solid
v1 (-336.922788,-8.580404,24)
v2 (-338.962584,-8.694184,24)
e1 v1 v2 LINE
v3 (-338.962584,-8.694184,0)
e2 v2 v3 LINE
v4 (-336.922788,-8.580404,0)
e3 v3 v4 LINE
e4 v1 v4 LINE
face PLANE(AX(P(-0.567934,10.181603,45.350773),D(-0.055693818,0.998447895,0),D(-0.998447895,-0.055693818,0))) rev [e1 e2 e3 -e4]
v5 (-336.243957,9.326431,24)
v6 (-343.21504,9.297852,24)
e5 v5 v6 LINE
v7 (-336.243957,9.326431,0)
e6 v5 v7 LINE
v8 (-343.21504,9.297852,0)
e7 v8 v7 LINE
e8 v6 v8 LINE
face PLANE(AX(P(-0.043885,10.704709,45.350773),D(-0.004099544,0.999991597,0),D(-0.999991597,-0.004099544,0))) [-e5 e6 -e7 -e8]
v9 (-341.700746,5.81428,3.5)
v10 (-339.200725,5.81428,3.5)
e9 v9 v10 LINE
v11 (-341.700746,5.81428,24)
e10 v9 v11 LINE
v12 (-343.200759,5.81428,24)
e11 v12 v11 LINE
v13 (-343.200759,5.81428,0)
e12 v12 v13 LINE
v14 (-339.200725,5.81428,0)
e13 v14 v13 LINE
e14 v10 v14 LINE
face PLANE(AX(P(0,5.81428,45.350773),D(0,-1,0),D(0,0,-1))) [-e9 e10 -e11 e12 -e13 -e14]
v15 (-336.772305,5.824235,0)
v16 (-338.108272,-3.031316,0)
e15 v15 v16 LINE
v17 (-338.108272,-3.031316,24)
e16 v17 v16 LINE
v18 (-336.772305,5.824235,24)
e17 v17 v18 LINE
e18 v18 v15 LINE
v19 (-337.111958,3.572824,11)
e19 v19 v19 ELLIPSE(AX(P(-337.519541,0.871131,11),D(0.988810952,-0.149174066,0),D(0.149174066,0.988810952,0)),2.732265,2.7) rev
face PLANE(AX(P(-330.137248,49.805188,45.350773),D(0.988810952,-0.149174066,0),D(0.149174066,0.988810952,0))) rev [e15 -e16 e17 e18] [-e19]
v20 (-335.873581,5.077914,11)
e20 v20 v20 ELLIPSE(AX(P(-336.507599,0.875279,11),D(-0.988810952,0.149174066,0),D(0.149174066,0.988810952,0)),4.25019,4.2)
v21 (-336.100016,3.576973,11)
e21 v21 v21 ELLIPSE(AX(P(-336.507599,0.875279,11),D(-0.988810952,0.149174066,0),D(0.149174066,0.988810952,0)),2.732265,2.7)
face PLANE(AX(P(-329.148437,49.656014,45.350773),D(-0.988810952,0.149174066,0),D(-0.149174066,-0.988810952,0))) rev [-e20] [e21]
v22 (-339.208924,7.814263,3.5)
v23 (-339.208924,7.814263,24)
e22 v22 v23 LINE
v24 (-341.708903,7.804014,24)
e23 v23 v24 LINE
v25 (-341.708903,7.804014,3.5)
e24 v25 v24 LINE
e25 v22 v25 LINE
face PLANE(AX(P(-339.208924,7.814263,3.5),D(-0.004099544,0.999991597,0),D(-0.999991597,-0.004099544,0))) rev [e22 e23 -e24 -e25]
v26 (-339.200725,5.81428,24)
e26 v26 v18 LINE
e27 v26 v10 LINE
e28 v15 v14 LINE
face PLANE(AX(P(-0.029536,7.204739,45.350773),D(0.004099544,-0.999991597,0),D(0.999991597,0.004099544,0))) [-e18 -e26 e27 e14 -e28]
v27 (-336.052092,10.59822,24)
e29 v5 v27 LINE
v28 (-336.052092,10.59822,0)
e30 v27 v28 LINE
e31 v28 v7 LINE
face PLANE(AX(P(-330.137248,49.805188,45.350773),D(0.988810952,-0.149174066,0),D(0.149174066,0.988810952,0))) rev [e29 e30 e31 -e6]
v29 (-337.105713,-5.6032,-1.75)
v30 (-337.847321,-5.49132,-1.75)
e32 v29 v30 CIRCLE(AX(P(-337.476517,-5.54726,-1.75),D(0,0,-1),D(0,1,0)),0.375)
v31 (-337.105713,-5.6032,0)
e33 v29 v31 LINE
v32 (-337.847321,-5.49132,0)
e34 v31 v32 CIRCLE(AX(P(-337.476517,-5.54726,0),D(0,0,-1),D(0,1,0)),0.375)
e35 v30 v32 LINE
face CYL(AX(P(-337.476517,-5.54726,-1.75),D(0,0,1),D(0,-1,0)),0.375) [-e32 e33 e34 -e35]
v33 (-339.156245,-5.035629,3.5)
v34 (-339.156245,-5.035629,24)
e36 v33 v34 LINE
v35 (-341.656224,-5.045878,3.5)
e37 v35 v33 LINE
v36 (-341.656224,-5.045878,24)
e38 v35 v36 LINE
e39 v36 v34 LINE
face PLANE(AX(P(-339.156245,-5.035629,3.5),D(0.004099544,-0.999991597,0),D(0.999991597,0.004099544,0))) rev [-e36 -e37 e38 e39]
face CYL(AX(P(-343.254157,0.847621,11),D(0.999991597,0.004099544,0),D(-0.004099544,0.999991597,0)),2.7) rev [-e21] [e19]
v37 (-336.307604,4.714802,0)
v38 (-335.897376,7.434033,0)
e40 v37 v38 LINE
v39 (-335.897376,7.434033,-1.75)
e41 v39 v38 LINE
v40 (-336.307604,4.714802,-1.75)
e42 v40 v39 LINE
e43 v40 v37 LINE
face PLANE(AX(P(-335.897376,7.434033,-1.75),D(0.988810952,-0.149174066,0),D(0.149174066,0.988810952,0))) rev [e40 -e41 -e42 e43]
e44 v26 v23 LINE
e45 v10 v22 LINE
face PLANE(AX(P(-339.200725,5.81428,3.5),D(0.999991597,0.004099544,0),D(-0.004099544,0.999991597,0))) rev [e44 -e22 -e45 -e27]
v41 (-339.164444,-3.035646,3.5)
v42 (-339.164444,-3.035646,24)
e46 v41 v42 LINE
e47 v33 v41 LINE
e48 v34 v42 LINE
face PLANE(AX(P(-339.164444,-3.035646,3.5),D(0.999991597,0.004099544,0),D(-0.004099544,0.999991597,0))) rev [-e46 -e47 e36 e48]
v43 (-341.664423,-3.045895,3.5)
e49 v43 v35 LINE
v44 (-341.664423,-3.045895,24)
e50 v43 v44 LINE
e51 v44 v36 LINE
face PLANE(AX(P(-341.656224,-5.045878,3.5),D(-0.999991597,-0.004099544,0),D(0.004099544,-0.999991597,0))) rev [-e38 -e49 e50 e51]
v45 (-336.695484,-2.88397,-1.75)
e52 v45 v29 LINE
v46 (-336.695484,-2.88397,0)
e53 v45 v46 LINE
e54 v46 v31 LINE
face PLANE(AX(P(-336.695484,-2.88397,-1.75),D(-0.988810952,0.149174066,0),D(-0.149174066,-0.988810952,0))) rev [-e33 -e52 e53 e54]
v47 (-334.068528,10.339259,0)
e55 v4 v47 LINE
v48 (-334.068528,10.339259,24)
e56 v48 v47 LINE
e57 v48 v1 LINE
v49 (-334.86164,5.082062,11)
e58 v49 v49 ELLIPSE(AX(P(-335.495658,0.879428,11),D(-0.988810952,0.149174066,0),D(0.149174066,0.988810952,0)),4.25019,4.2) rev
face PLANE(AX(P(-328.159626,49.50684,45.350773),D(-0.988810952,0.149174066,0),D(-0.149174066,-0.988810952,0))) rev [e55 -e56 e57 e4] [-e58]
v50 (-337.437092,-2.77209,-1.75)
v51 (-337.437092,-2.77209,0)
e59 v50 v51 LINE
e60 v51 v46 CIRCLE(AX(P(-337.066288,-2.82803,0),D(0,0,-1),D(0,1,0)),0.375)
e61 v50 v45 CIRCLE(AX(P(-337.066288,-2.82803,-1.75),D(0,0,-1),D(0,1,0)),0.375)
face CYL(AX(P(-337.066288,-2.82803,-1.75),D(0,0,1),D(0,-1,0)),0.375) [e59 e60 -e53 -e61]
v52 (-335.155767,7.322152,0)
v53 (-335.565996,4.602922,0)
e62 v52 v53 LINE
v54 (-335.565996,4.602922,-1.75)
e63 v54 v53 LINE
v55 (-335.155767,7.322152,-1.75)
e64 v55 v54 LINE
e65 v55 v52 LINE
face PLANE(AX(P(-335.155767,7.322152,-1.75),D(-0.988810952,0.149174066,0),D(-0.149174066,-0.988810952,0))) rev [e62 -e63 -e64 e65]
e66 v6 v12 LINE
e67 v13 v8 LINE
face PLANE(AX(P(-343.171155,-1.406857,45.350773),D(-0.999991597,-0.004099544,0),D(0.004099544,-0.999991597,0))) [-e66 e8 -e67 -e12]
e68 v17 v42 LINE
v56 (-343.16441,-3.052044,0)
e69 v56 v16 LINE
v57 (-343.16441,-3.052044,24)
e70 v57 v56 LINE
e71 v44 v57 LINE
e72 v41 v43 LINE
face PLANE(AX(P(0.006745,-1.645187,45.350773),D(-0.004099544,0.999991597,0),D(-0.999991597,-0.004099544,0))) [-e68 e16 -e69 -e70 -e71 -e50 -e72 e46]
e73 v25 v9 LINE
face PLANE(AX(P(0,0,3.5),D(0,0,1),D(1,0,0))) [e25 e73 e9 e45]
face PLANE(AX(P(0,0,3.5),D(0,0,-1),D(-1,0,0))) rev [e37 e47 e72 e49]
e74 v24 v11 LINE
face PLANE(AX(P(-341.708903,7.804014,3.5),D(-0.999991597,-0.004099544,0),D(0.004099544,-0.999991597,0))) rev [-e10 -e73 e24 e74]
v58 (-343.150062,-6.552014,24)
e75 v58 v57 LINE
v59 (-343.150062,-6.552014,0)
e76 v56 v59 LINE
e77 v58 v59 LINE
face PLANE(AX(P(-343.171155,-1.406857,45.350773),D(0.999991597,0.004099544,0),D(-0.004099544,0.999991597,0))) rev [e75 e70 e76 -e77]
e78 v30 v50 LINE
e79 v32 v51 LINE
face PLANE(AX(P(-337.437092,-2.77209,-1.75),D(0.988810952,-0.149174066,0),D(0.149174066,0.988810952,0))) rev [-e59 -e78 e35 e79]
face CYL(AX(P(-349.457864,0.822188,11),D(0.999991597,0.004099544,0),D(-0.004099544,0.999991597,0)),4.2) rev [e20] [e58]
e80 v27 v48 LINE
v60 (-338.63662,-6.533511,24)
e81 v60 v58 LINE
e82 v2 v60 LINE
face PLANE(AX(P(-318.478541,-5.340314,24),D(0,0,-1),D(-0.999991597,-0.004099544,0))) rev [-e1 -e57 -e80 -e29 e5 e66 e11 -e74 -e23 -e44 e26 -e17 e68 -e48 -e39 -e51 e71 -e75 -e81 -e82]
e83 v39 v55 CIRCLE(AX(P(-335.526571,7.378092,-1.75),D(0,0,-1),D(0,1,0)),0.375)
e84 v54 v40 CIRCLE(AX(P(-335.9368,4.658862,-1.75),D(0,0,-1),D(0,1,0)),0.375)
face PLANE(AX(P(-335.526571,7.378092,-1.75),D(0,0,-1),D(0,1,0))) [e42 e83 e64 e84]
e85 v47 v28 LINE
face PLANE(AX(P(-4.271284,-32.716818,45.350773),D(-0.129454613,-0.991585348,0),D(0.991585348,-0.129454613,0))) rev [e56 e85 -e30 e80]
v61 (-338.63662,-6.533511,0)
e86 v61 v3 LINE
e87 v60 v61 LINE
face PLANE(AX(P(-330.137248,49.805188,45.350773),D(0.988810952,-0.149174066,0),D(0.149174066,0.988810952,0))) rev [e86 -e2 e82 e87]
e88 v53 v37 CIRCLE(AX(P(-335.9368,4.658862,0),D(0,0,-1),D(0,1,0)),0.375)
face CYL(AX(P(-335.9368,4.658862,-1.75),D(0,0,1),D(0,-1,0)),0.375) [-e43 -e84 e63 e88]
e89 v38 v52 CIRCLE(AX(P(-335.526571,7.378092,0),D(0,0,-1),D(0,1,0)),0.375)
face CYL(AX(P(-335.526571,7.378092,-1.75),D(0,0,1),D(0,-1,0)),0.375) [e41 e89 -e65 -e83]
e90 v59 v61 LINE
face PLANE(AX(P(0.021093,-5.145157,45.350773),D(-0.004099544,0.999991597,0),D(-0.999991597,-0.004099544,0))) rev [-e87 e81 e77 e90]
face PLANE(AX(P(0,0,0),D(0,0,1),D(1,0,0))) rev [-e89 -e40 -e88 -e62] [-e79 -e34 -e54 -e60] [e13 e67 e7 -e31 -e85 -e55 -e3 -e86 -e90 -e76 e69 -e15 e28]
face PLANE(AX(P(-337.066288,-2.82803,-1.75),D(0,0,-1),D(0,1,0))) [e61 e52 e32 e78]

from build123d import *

# Parameters (mm, degrees)
BOSS_EXTRUDE1_DEPTH = 24
BOSS_EXTRUDE2_DEPTH = 1.75
CUT_EXTRUDE1_START  = -20.5
CUT_EXTRUDE1_DEPTH  = 20.5
SKETCH6_R           = 2.7
CUT_EXTRUDE2_DEPTH  = 29.350689779
CUT_EXTRUDE3_REACH  = 30.351
SKETCH7_R           = 4.2


with BuildPart() as part:
    # Sketch1 → Boss-Extrude1 (new body)
    with BuildSketch(Plane.XY):
        Polygon((-343.150061909, -6.552014413), (-338.636620437, -6.533511206), (-338.962584075, -8.694184464), (-336.922787571, -8.580403809), (-334.068528094, 10.339259009), (-336.052092086, 10.598219582), (-336.243956758, 9.326430897), (-343.215039679, 9.297852397), (-343.200758501, 5.814279983), (-341.700745896, 5.814279983), (-341.708902968, 7.804014317), (-339.208923976, 7.814263177), (-339.200724888, 5.814279983), (-336.772305205, 5.82423548), (-338.108271991, -3.031315789), (-339.164443925, -3.035645649), (-339.156244837, -5.035628842), (-341.656223829, -5.045877702), (-341.664422917, -3.045894508), (-343.164410312, -3.052043824), align=None)
        Polygon((-341.708902968, 7.804014317), (-341.700745896, 5.814279983), (-339.200724888, 5.814279983), (-339.208923976, 7.814263177), align=None)
        Polygon((-341.664422917, -3.045894508), (-339.164443925, -3.035645649), (-339.156244837, -5.035628842), (-341.656223829, -5.045877702), align=None)
    extrude(amount=BOSS_EXTRUDE1_DEPTH)

    # Sketch2 → Boss-Extrude2 (add)
    with BuildSketch(Plane(origin=(0, 0, 0), x_dir=(-1, 0, 0), z_dir=(0, 0, -1))):
        with BuildLine():
            Line((335.897375602, 7.434032542), (336.307604283, 4.714802425))
            ThreePointArc((336.307604283, 4.714802425), (335.992740451, 4.288058043), (335.565996069, 4.602921876))
            Line((335.565996069, 4.602921876), (335.155767388, 7.322151993))
            ThreePointArc((335.155767388, 7.322151993), (335.47063122, 7.748896374), (335.897375602, 7.434032542))
        make_face()
        with BuildLine():
            Line((337.437092292, -2.772089521), (337.847320974, -5.491319638))
            ThreePointArc((337.847320974, -5.491319638), (337.532457142, -5.918064019), (337.10571276, -5.603200187))
            Line((337.10571276, -5.603200187), (336.695484079, -2.88397007))
            ThreePointArc((336.695484079, -2.88397007), (337.010347911, -2.457225689), (337.437092292, -2.772089521))
        make_face()
    extrude(amount=BOSS_EXTRUDE2_DEPTH)

    # Sketch3 → Cut-Extrude1 (cut)
    with BuildSketch(Plane.XY.offset(24).offset(CUT_EXTRUDE1_START)):
        Polygon((-339.156244837, -5.035628842), (-341.656223829, -5.045877702), (-341.664422917, -3.045894508), (-339.164443925, -3.035645649), align=None)
        Polygon((-341.708902968, 7.804014317), (-341.700745896, 5.814279983), (-339.200724888, 5.814279983), (-339.208923976, 7.814263177), align=None)
    extrude(amount=CUT_EXTRUDE1_DEPTH, mode=Mode.SUBTRACT)

    # Sketch6 → Cut-Extrude2 (cut, through all)
    with BuildSketch(Plane(origin=(-334.020527762, -1.369343309, 0), x_dir=(0, 0, -1), z_dir=(-0.9999915968347833, -0.00409954385515742, 0))):
        with Locations(Location((-11, -2.254799372, 0), (0, 0, 270))):
            Circle(SKETCH6_R)
    extrude(amount=CUT_EXTRUDE2_DEPTH, mode=Mode.SUBTRACT)

    # Cut-Extrude3: up to this plane
    cut_extrude3_end = Plane(origin=(-329.148436726, 49.656014161, 45.350773476), z_dir=(-0.9888109516181178, 0.14917406597687244, 0))
    # Sketch7 → Cut-Extrude3 (cut, up to the surface)
    with BuildSketch(Plane(origin=(-334.020527762, -1.369343309, 0), x_dir=(0, 0, -1), z_dir=(-0.9999915968347833, -0.00409954385515742, 0)), mode=Mode.PRIVATE) as cut_extrude3_sk1:
        with Locations(Location((-11, -2.254799372, 0), (0, 0, 270))):
            Circle(SKETCH7_R)
    cut_extrude3_tool1 = split(extrude(cut_extrude3_sk1.sketch, amount=CUT_EXTRUDE3_REACH, mode=Mode.PRIVATE), bisect_by=cut_extrude3_end, keep=Keep.BOTH, mode=Mode.PRIVATE)
    add(cut_extrude3_tool1.solids().sort_by_distance((-334.029771, 0.885437, 11))[0], mode=Mode.SUBTRACT)


solid = part.part
